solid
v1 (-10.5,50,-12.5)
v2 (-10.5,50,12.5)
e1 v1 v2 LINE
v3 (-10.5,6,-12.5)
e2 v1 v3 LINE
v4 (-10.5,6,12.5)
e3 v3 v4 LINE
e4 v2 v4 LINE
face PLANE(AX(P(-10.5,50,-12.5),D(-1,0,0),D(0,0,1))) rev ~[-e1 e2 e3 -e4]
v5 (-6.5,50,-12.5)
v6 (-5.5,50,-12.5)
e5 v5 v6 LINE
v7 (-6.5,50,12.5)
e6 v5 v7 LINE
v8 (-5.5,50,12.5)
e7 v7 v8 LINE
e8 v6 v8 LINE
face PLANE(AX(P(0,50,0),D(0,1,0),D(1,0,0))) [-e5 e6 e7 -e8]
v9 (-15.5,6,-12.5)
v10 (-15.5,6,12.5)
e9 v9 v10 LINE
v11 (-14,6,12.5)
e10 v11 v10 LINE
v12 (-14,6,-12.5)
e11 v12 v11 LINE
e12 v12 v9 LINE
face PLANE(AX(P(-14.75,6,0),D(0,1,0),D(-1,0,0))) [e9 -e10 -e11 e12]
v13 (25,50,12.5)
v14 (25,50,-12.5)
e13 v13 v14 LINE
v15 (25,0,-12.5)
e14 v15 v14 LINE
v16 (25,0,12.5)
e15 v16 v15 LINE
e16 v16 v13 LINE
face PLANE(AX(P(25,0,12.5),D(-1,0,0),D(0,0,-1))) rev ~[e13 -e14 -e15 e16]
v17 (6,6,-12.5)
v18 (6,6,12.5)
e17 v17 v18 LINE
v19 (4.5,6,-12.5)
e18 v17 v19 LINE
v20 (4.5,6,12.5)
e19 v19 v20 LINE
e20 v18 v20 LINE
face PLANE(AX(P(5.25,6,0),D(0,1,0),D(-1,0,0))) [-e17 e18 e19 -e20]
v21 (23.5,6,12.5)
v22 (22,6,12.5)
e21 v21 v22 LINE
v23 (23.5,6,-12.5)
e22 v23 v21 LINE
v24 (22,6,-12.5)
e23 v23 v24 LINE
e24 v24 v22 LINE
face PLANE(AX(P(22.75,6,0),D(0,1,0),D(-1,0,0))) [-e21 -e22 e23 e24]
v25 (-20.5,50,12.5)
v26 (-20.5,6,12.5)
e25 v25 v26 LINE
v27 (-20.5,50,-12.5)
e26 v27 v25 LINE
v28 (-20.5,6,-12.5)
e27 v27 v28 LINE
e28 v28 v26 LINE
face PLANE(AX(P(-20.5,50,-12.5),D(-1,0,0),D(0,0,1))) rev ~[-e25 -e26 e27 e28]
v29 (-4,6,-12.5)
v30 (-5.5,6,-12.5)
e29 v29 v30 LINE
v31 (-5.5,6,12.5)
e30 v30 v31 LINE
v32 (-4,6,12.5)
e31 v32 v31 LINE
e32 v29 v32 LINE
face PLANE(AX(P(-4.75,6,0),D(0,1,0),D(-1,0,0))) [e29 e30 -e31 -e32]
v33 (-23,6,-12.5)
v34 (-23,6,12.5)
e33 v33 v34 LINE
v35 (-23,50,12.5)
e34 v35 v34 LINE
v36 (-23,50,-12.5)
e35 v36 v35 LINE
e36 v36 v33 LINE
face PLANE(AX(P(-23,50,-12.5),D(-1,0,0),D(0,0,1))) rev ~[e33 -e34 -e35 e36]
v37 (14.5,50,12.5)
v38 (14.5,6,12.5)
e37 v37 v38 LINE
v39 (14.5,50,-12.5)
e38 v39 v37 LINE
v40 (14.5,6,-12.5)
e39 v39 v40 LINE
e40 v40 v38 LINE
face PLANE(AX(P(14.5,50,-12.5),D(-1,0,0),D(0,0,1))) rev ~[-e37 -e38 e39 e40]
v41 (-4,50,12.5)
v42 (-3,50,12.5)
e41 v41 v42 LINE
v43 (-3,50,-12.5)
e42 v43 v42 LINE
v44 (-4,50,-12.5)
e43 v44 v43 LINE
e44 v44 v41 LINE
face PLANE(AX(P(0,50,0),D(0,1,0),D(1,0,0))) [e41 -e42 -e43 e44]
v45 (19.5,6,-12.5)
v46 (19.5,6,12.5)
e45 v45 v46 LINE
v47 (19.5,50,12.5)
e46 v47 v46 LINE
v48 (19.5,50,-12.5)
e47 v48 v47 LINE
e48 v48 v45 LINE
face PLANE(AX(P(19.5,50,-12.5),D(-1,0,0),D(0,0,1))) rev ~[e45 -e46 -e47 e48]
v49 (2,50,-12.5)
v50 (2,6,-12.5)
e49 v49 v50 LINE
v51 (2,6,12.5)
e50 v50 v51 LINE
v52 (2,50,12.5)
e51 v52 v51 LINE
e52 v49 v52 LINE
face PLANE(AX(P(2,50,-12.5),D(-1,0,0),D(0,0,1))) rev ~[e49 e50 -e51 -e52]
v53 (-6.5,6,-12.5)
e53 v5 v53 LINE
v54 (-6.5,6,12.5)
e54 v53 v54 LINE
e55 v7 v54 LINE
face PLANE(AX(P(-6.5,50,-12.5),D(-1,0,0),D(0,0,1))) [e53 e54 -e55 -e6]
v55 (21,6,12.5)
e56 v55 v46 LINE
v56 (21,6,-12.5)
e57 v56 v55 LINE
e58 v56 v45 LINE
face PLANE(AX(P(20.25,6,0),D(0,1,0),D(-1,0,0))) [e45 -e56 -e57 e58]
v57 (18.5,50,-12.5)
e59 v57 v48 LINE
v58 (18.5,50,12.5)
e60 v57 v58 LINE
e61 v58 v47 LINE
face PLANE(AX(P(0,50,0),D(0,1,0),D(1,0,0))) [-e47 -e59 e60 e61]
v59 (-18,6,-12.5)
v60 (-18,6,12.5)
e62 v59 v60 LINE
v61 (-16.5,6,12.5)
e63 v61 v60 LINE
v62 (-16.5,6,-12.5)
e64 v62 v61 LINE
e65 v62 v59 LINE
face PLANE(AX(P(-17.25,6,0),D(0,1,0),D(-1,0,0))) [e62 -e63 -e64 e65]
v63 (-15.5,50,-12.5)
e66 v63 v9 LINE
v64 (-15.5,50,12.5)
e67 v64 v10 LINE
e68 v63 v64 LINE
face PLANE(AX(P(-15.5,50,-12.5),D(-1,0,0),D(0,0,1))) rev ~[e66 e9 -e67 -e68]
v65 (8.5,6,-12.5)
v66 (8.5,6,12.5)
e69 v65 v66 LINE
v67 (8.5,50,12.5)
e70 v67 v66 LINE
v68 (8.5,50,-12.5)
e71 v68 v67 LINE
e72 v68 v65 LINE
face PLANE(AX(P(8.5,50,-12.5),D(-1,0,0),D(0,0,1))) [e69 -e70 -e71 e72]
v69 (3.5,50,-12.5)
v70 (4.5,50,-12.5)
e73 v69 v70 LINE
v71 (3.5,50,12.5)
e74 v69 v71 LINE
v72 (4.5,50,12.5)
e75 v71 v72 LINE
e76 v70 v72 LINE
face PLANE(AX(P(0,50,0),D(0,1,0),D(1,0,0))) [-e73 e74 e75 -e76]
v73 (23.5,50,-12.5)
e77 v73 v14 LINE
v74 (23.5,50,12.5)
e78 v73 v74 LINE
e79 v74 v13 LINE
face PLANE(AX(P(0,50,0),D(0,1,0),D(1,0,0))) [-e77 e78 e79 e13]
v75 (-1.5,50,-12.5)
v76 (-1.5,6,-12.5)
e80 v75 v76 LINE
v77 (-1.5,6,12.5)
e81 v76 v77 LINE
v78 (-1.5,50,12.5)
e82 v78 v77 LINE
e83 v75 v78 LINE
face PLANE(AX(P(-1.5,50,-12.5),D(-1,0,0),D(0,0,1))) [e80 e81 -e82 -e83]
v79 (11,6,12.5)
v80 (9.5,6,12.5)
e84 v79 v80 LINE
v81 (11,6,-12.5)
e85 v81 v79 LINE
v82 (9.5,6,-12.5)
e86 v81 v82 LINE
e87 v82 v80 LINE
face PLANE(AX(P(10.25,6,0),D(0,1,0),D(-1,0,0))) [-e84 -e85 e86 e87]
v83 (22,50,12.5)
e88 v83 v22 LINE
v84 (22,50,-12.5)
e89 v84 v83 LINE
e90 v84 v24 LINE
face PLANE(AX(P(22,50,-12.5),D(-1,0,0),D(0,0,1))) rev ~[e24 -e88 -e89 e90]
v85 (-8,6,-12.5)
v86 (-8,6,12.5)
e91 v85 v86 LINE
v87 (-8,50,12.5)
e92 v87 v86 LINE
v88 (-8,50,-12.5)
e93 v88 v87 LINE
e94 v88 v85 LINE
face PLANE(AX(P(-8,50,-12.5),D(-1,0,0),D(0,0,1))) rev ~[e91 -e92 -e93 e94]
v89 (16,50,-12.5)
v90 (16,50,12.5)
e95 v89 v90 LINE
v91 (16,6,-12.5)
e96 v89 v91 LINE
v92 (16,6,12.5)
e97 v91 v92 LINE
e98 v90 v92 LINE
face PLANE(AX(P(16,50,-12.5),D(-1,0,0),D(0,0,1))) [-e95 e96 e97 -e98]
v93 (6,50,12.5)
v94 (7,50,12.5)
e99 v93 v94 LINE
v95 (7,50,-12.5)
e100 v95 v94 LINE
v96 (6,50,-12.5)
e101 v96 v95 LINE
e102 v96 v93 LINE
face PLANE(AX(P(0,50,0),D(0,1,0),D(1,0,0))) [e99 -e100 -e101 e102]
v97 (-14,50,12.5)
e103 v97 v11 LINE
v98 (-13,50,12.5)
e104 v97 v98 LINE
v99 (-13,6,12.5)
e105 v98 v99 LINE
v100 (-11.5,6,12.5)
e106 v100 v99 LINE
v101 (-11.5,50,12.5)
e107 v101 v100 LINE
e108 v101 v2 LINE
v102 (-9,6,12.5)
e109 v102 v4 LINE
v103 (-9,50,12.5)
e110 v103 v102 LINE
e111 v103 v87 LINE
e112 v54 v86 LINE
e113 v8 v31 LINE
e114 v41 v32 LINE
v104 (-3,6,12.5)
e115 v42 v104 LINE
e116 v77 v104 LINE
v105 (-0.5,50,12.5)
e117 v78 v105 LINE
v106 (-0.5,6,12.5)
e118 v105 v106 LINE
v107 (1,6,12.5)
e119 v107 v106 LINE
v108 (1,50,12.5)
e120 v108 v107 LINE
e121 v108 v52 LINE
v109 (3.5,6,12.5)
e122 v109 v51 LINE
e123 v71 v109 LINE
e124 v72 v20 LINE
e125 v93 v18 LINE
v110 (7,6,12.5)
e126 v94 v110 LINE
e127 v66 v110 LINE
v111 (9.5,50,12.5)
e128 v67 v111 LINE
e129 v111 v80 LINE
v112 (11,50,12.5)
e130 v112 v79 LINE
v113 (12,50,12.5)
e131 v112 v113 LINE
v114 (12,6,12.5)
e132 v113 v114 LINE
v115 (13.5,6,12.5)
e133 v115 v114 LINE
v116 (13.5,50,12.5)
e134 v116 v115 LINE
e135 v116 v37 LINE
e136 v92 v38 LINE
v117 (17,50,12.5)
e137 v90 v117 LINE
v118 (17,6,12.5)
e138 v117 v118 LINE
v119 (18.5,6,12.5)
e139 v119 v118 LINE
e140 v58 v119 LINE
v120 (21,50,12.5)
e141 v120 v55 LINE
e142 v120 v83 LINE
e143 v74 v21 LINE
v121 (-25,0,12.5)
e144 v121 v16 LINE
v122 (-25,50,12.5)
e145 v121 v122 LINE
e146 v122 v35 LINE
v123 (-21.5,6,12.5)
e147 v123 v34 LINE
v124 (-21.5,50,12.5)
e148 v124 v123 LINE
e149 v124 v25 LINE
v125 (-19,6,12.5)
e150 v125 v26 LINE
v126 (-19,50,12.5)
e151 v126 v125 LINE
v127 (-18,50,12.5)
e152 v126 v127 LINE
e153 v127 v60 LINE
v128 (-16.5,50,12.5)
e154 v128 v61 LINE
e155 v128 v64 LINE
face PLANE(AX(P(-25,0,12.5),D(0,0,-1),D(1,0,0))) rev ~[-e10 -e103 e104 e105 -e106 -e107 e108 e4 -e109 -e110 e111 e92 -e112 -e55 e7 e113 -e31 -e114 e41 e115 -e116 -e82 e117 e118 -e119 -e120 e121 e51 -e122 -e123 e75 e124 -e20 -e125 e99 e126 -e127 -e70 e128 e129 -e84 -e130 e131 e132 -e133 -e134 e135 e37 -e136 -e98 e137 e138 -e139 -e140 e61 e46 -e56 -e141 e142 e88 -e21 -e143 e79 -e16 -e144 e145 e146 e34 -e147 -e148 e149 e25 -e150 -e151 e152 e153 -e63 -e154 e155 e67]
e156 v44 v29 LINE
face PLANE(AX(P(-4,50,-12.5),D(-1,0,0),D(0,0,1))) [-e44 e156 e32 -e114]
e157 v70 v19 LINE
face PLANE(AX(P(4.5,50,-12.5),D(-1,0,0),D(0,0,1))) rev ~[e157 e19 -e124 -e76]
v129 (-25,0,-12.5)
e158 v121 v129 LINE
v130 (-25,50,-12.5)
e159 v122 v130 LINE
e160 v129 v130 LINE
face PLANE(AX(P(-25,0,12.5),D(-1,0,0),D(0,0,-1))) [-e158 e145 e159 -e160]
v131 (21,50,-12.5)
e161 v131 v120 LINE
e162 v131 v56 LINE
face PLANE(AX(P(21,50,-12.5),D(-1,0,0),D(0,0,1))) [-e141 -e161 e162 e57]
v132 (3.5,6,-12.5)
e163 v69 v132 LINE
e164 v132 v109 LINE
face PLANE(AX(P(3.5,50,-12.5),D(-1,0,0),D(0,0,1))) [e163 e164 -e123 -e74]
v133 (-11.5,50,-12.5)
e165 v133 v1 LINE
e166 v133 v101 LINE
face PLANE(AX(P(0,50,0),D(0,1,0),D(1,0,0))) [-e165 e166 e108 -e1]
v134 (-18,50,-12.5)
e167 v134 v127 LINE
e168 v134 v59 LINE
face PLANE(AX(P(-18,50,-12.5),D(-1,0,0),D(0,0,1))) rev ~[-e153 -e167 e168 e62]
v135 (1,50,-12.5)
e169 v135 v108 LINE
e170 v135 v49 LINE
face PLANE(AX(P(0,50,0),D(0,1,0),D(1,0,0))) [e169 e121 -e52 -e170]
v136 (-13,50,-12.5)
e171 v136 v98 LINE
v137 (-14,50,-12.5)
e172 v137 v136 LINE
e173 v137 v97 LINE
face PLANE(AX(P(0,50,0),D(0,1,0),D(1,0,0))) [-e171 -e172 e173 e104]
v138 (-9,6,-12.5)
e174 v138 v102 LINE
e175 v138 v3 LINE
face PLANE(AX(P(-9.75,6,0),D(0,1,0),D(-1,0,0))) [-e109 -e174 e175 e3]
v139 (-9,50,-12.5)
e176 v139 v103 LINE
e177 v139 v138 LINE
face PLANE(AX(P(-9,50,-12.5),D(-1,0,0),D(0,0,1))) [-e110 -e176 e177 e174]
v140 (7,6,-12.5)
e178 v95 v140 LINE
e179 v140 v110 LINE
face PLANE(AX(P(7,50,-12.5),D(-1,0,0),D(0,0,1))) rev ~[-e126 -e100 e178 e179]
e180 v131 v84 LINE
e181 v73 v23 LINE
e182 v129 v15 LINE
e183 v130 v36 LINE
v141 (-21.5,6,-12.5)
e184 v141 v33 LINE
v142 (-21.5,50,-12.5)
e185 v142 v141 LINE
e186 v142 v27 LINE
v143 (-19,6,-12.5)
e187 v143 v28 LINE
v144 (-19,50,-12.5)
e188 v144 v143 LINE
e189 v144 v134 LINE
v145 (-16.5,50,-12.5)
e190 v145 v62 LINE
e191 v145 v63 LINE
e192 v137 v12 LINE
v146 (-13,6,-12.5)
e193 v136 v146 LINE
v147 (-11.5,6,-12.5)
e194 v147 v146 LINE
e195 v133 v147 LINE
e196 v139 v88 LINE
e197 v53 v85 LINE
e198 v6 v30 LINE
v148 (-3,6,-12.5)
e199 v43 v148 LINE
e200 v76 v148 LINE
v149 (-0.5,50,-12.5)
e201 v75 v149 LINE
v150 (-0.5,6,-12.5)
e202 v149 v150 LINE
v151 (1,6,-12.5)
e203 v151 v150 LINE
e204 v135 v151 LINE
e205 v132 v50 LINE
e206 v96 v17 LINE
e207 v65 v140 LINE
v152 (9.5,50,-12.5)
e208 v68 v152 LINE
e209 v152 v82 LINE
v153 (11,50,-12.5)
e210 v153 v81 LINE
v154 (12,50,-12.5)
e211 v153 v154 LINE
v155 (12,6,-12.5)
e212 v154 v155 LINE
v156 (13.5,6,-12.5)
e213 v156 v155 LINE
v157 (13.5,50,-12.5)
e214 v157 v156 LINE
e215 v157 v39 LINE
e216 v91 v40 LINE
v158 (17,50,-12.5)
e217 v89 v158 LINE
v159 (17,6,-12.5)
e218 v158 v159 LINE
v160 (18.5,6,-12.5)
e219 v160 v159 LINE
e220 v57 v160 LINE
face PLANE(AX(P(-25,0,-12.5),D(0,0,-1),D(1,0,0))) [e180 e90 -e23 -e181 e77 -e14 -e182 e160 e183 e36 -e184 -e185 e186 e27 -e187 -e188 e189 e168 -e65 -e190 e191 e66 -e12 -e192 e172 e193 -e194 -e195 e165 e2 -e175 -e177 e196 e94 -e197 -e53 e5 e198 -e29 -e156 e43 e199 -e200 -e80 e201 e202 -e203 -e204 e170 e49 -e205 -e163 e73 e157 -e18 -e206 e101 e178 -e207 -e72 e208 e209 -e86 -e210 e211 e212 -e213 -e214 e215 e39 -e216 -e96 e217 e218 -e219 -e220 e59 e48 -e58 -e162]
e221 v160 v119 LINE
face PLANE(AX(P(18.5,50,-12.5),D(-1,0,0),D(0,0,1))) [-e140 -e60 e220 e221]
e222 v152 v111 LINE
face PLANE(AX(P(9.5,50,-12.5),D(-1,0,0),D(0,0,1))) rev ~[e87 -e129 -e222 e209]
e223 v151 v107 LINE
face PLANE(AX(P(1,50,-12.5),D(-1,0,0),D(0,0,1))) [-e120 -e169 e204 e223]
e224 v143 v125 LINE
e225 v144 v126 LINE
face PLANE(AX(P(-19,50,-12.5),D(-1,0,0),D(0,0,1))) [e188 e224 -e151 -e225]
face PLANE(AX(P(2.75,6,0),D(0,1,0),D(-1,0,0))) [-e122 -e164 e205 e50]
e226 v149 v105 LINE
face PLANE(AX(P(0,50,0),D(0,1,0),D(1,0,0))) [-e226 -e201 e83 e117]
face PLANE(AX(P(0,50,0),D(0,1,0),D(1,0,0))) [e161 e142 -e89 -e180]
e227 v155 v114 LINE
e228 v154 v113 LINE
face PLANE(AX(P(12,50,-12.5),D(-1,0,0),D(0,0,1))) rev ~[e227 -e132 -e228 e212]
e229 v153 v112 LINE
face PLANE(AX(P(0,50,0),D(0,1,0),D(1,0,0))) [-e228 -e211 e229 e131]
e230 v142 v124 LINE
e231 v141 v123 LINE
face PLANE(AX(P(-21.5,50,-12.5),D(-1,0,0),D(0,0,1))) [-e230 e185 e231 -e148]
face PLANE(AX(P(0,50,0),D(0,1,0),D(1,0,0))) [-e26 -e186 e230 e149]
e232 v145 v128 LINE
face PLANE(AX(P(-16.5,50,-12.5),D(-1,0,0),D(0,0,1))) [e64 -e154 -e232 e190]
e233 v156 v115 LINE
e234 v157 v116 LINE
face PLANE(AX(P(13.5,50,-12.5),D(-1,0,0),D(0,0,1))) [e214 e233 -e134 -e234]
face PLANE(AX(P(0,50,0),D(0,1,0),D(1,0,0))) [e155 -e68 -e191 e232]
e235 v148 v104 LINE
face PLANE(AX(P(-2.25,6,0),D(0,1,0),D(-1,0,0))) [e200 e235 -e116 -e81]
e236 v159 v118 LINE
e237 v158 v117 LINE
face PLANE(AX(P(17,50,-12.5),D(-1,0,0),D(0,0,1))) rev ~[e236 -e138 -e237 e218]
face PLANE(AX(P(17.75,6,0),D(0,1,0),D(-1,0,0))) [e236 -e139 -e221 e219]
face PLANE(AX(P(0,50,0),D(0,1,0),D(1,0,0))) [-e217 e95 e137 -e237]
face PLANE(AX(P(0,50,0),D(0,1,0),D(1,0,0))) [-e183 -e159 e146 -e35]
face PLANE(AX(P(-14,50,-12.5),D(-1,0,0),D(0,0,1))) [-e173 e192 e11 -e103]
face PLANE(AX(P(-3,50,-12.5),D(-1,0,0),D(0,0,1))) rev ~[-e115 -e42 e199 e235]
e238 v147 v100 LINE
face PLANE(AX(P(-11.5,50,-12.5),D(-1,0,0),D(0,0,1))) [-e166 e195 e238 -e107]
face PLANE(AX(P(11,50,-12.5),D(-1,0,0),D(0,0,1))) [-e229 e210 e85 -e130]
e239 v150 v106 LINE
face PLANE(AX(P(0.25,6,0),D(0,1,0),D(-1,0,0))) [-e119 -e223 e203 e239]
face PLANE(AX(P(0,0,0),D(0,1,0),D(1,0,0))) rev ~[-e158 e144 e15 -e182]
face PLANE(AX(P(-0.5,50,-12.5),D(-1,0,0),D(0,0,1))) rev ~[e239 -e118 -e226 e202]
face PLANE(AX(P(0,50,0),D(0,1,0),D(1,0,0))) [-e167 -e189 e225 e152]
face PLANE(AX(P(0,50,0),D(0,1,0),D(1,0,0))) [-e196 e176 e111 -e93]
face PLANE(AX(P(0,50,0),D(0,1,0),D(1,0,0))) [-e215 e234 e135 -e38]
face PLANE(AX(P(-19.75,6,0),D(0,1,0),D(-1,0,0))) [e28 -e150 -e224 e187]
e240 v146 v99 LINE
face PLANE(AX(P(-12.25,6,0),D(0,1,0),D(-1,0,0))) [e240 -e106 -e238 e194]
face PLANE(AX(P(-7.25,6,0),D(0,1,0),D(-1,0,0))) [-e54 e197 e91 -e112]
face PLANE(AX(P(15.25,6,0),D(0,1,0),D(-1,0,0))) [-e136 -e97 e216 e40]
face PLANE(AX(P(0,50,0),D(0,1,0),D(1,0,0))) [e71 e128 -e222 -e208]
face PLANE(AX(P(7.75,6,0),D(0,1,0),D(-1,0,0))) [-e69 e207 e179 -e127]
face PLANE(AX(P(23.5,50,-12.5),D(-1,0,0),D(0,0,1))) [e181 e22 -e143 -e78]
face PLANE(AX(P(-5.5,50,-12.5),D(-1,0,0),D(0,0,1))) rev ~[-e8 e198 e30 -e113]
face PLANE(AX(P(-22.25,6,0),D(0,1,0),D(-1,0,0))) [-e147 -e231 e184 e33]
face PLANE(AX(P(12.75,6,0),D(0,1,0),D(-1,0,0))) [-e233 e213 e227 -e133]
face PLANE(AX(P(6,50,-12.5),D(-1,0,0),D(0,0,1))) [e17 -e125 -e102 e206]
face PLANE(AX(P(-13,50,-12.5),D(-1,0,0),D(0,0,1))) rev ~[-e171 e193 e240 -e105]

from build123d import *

# Parameters (mm, degrees)
SKETCH_1_W          = 50
SKETCH_1_H          = 25
EXTRUDE_1_DEPTH     = 50
SKETCH_2_W          = 1.5
SKETCH_2_H          = 25
CUT_EXTRUDE_1_DEPTH = 44


with BuildPart() as part:
    # 草图1 → 拉伸1 (new body)
    with BuildSketch(Plane(origin=(0, 0, 0), x_dir=(1, 0, 0), z_dir=(0, 1, 0))):
        Rectangle(SKETCH_1_W, SKETCH_1_H)
    extrude(amount=EXTRUDE_1_DEPTH)

    # 草图2 → 切除-拉伸1 (cut)
    with BuildSketch(Plane(origin=(0, 50, 0), x_dir=(-1, 0, 0), z_dir=(0, 1, 0))):
        with Locations((-0.25, 0)):
            Rectangle(SKETCH_2_W, SKETCH_2_H)
        with Locations((2.25, 0)):
            Rectangle(SKETCH_2_W, SKETCH_2_H)
        with Locations((4.75, 0)):
            Rectangle(SKETCH_2_W, SKETCH_2_H)
        with Locations((7.25, 0)):
            Rectangle(SKETCH_2_W, SKETCH_2_H)
        with Locations((9.75, 0)):
            Rectangle(SKETCH_2_W, SKETCH_2_H)
        with Locations((12.25, 0)):
            Rectangle(SKETCH_2_W, SKETCH_2_H)
        with Locations((14.75, 0)):
            Rectangle(SKETCH_2_W, SKETCH_2_H)
        with Locations((17.25, 0)):
            Rectangle(SKETCH_2_W, SKETCH_2_H)
        with Locations((19.75, 0)):
            Rectangle(SKETCH_2_W, SKETCH_2_H)
        with Locations((22.25, 0)):
            Rectangle(SKETCH_2_W, SKETCH_2_H)
        with Locations((-2.75, 0)):
            Rectangle(SKETCH_2_W, SKETCH_2_H)
        with Locations((-5.25, 0)):
            Rectangle(SKETCH_2_W, SKETCH_2_H)
        with Locations((-7.75, 0)):
            Rectangle(SKETCH_2_W, SKETCH_2_H)
        with Locations((-10.25, 0)):
            Rectangle(SKETCH_2_W, SKETCH_2_H)
        with Locations((-12.75, 0)):
            Rectangle(SKETCH_2_W, SKETCH_2_H)
        with Locations((-15.25, 0)):
            Rectangle(SKETCH_2_W, SKETCH_2_H)
        with Locations((-17.75, 0)):
            Rectangle(SKETCH_2_W, SKETCH_2_H)
        with Locations((-20.25, 0)):
            Rectangle(SKETCH_2_W, SKETCH_2_H)
        with Locations((-22.75, 0)):
            Rectangle(SKETCH_2_W, SKETCH_2_H)
    extrude(amount=-CUT_EXTRUDE_1_DEPTH, mode=Mode.SUBTRACT)


solid = part.part
